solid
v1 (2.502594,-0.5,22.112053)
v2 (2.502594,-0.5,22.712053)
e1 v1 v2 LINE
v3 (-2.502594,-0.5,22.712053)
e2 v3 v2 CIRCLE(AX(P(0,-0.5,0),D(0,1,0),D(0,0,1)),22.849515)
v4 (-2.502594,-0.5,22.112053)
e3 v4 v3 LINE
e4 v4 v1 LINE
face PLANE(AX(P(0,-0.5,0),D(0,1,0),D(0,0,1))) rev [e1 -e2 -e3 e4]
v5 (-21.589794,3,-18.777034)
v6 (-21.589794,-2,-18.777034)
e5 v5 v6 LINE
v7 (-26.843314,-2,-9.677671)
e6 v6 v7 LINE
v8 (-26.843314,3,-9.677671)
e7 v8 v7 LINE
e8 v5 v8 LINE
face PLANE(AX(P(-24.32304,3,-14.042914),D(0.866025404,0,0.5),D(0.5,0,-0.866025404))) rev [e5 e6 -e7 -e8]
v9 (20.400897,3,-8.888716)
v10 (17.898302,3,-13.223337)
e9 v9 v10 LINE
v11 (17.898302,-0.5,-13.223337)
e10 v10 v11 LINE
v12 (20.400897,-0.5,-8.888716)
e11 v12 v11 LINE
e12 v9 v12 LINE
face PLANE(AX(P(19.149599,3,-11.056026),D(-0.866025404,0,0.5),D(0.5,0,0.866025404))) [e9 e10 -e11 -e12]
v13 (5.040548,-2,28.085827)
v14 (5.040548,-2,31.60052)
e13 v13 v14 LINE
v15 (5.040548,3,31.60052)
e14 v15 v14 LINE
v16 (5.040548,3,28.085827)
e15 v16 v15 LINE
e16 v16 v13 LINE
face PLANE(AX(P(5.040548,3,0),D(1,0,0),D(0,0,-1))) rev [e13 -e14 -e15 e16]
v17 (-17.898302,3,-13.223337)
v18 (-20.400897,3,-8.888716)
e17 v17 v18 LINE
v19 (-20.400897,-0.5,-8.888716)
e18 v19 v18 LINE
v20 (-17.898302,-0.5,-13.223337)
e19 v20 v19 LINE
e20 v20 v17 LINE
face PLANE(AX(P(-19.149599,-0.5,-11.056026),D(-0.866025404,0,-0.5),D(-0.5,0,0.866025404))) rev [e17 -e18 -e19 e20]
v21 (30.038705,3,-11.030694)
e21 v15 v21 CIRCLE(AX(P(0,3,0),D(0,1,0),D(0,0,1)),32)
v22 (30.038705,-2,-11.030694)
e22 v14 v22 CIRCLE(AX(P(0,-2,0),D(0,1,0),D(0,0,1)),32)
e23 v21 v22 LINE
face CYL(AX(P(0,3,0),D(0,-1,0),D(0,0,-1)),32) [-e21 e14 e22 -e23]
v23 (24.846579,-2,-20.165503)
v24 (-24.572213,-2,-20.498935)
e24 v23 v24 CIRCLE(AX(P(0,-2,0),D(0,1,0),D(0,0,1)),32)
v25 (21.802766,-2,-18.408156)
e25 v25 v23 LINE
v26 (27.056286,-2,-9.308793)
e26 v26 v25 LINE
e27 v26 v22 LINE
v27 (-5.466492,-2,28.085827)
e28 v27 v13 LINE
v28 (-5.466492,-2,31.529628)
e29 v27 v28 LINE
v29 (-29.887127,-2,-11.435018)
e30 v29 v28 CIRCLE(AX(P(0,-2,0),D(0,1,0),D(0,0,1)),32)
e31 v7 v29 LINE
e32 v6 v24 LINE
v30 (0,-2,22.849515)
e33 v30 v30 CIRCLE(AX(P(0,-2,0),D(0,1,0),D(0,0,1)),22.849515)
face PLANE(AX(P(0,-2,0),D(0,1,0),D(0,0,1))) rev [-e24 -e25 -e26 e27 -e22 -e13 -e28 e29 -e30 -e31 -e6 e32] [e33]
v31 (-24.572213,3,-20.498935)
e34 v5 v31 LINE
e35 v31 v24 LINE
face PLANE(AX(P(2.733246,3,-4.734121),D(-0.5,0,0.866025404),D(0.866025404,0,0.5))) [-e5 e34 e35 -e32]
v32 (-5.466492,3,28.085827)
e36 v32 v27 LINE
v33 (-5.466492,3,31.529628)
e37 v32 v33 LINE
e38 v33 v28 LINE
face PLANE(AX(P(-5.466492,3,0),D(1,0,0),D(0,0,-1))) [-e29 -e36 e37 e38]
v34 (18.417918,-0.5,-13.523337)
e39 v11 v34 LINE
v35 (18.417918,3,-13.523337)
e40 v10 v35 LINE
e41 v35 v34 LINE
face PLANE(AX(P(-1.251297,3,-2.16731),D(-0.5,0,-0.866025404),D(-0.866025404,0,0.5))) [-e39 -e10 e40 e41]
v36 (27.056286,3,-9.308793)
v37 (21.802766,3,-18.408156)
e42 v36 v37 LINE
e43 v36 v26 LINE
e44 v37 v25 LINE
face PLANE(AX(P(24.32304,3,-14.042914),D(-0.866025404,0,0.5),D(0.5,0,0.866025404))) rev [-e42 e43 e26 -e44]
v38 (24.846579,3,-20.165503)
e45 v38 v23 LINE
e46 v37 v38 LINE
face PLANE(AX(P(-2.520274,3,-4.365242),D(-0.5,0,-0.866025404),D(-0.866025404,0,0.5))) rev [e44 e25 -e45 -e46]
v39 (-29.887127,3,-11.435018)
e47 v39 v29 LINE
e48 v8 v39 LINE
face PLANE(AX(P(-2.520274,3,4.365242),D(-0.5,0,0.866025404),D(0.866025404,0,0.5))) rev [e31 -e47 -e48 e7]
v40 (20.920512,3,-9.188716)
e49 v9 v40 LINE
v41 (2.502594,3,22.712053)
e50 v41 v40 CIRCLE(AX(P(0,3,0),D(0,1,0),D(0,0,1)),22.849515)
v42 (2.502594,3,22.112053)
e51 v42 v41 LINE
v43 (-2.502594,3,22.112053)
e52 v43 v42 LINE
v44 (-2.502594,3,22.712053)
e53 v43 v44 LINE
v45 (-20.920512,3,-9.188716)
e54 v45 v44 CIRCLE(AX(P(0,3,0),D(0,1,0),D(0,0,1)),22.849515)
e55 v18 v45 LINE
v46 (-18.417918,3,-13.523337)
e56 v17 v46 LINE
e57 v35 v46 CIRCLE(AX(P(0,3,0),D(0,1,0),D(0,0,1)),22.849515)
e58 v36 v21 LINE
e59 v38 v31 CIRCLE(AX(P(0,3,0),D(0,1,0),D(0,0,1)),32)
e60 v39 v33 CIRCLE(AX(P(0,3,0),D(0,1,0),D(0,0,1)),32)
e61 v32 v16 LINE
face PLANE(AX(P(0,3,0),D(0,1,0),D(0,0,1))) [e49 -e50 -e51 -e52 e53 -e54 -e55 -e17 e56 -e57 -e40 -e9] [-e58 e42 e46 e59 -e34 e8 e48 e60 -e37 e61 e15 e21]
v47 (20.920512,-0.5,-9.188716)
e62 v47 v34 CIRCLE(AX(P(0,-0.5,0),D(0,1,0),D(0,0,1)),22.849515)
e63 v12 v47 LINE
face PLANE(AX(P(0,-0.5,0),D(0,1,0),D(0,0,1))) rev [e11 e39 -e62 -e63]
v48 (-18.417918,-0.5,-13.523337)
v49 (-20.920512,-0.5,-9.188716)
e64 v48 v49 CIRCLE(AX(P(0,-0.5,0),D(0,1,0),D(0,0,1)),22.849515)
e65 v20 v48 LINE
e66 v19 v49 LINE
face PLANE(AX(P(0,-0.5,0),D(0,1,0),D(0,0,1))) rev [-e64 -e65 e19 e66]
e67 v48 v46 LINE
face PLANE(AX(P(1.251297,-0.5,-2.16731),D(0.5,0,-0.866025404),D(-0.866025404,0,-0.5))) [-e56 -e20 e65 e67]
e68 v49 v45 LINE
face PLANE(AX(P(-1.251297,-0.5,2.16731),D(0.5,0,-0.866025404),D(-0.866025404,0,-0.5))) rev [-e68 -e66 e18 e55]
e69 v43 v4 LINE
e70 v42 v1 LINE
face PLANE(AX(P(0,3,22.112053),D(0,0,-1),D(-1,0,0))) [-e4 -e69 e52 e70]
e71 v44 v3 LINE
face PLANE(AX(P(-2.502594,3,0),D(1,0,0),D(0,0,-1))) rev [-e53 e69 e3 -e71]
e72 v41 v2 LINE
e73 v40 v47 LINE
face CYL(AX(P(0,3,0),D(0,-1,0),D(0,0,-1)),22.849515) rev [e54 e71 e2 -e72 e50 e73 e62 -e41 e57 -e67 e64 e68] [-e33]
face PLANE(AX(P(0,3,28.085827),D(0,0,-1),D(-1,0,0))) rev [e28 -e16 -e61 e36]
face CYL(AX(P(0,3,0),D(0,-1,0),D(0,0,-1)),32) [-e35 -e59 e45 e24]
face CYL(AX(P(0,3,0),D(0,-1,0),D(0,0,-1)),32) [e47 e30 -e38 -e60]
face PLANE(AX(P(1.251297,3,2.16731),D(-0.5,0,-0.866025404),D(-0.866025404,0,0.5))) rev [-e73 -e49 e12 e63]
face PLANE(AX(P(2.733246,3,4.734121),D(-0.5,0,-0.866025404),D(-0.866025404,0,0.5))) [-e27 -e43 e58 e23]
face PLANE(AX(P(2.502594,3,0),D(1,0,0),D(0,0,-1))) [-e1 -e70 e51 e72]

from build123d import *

# Parameters (mm, degrees)
BOSS_EXTRUDE4_DEPTH      = 3
BOSS_EXTRUDE5_START      = -2
BOSS_EXTRUDE5_DEPTH      = 2
BOSS_EXTRUDE6_DEPTH      = 3
BOSS_EXTRUDE6_DEPTH_BACK = 0.5


with BuildPart() as part:
    # Sketch2 → Boss-Extrude4 (new body)
    with BuildSketch(Plane(origin=(0, 0, 0), x_dir=(1, 0, 0), z_dir=(0, 1, 0))):
        with BuildLine():
            Line((-5.466491508, -31.529628456), (-5.466491508, -28.085827415))
            Line((-5.466491508, -28.085827415), (5.040547776, -28.085827415))
            Line((5.040547776, -28.085827415), (5.040547776, -31.600520219))
            ThreePointArc((5.040547776, -31.600520219), (27.604231444, -16.186611949), (30.038704969, 11.030693713))
            Line((30.038704969, 11.030693713), (27.056285781, 9.308793192))
            Line((27.056285781, 9.308793192), (21.802766139, 18.408156131))
            Line((21.802766139, 18.408156131), (24.846579394, 20.165502533))
            ThreePointArc((24.846579394, 20.165502533), (0.215901427, 31.999271657), (-24.572213461, 20.498934743))
            Line((-24.572213461, 20.498934743), (-21.589794274, 18.777034223))
            Line((-21.589794274, 18.777034223), (-26.843313916, 9.677671284))
            Line((-26.843313916, 9.677671284), (-29.887127171, 11.435017686))
            ThreePointArc((-29.887127171, 11.435017686), (-27.820132871, -15.812659708), (-5.466491508, -31.529628456))
        make_face()
        with BuildLine():
            ThreePointArc((2.502594182, -22.712052772), (0, -22.849514629), (-2.502594182, -22.712052772))
            ThreePointArc((-2.502594182, -22.712052772), (-19.788260133, -11.424757314), (-20.920511764, 9.188716249))
            ThreePointArc((-20.920511764, 9.188716249), (-19.788260133, 11.424757314), (-18.417917582, 13.523336524))
            ThreePointArc((-18.417917582, 13.523336524), (0, 22.849514629), (18.417917582, 13.523336524))
            ThreePointArc((18.417917582, 13.523336524), (19.788260133, 11.424757314), (20.920511764, 9.188716249))
            ThreePointArc((20.920511764, 9.188716249), (22.362064511, 4.69450632), (22.849514629, 0))
            ThreePointArc((22.849514629, 0), (17.018862787, -15.246593987), (2.502594182, -22.712052772))
        make_face(mode=Mode.SUBTRACT)
    extrude(amount=BOSS_EXTRUDE4_DEPTH)

    # Sketch2<12> → Boss-Extrude5 (add)
    with BuildSketch(Plane(origin=(0, 0, 0), x_dir=(1, 0, 0), z_dir=(0, 1, 0)).offset(BOSS_EXTRUDE5_START)):
        with BuildLine():
            Line((-5.466491508, -31.529628456), (-5.466491508, -28.085827415))
            Line((-5.466491508, -28.085827415), (5.040547776, -28.085827415))
            Line((5.040547776, -28.085827415), (5.040547776, -31.600520219))
            ThreePointArc((5.040547776, -31.600520219), (27.604231444, -16.186611949), (30.038704969, 11.030693713))
            Line((30.038704969, 11.030693713), (27.056285781, 9.308793192))
            Line((27.056285781, 9.308793192), (21.802766139, 18.408156131))
            Line((21.802766139, 18.408156131), (24.846579394, 20.165502533))
            ThreePointArc((24.846579394, 20.165502533), (0.215901427, 31.999271657), (-24.572213461, 20.498934743))
            Line((-24.572213461, 20.498934743), (-21.589794274, 18.777034223))
            Line((-21.589794274, 18.777034223), (-26.843313916, 9.677671284))
            Line((-26.843313916, 9.677671284), (-29.887127171, 11.435017686))
            ThreePointArc((-29.887127171, 11.435017686), (-27.820132871, -15.812659708), (-5.466491508, -31.529628456))
        make_face()
        with BuildLine():
            ThreePointArc((2.502594182, -22.712052772), (0, -22.849514629), (-2.502594182, -22.712052772))
            ThreePointArc((-2.502594182, -22.712052772), (-19.788260133, -11.424757314), (-20.920511764, 9.188716249))
            ThreePointArc((-20.920511764, 9.188716249), (-19.788260133, 11.424757314), (-18.417917582, 13.523336524))
            ThreePointArc((-18.417917582, 13.523336524), (0, 22.849514629), (18.417917582, 13.523336524))
            ThreePointArc((18.417917582, 13.523336524), (19.788260133, 11.424757314), (20.920511764, 9.188716249))
            ThreePointArc((20.920511764, 9.188716249), (22.362064511, 4.69450632), (22.849514629, 0))
            ThreePointArc((22.849514629, 0), (17.018862787, -15.246593987), (2.502594182, -22.712052772))
        make_face(mode=Mode.SUBTRACT)
    extrude(amount=BOSS_EXTRUDE5_DEPTH)

    # Sketch2<13> → Boss-Extrude6 (add, two sides: drawn at the far end of the back side and taken through both)
    with BuildSketch(Plane(origin=(0, 0, 0), x_dir=(1, 0, 0), z_dir=(0, 1, 0)).offset(-BOSS_EXTRUDE6_DEPTH_BACK)):
        with BuildLine():
            Line((2.502594182, -22.112052772), (-2.502594182, -22.112052772))
            Line((-2.502594182, -22.112052772), (-2.502594182, -22.712052772))
            ThreePointArc((-2.502594182, -22.712052772), (0, -22.849514629), (2.502594182, -22.712052772))
            Line((2.502594182, -22.712052772), (2.502594182, -22.112052772))
        make_face()
        with BuildLine():
            ThreePointArc((-18.417917582, 13.523336524), (-19.788260133, 11.424757314), (-20.920511764, 9.188716249))
            Line((-20.920511764, 9.188716249), (-20.400896522, 8.888716249))
            Line((-20.400896522, 8.888716249), (-17.89830234, 13.223336524))
            Line((-17.89830234, 13.223336524), (-18.417917582, 13.523336524))
        make_face()
        with BuildLine():
            Line((20.400896522, 8.888716249), (20.920511764, 9.188716249))
            ThreePointArc((20.920511764, 9.188716249), (19.788260133, 11.424757314), (18.417917582, 13.523336524))
            Line((18.417917582, 13.523336524), (17.89830234, 13.223336524))
            Line((17.89830234, 13.223336524), (20.400896522, 8.888716249))
        make_face()
    extrude(amount=BOSS_EXTRUDE6_DEPTH + BOSS_EXTRUDE6_DEPTH_BACK)


solid = part.part
